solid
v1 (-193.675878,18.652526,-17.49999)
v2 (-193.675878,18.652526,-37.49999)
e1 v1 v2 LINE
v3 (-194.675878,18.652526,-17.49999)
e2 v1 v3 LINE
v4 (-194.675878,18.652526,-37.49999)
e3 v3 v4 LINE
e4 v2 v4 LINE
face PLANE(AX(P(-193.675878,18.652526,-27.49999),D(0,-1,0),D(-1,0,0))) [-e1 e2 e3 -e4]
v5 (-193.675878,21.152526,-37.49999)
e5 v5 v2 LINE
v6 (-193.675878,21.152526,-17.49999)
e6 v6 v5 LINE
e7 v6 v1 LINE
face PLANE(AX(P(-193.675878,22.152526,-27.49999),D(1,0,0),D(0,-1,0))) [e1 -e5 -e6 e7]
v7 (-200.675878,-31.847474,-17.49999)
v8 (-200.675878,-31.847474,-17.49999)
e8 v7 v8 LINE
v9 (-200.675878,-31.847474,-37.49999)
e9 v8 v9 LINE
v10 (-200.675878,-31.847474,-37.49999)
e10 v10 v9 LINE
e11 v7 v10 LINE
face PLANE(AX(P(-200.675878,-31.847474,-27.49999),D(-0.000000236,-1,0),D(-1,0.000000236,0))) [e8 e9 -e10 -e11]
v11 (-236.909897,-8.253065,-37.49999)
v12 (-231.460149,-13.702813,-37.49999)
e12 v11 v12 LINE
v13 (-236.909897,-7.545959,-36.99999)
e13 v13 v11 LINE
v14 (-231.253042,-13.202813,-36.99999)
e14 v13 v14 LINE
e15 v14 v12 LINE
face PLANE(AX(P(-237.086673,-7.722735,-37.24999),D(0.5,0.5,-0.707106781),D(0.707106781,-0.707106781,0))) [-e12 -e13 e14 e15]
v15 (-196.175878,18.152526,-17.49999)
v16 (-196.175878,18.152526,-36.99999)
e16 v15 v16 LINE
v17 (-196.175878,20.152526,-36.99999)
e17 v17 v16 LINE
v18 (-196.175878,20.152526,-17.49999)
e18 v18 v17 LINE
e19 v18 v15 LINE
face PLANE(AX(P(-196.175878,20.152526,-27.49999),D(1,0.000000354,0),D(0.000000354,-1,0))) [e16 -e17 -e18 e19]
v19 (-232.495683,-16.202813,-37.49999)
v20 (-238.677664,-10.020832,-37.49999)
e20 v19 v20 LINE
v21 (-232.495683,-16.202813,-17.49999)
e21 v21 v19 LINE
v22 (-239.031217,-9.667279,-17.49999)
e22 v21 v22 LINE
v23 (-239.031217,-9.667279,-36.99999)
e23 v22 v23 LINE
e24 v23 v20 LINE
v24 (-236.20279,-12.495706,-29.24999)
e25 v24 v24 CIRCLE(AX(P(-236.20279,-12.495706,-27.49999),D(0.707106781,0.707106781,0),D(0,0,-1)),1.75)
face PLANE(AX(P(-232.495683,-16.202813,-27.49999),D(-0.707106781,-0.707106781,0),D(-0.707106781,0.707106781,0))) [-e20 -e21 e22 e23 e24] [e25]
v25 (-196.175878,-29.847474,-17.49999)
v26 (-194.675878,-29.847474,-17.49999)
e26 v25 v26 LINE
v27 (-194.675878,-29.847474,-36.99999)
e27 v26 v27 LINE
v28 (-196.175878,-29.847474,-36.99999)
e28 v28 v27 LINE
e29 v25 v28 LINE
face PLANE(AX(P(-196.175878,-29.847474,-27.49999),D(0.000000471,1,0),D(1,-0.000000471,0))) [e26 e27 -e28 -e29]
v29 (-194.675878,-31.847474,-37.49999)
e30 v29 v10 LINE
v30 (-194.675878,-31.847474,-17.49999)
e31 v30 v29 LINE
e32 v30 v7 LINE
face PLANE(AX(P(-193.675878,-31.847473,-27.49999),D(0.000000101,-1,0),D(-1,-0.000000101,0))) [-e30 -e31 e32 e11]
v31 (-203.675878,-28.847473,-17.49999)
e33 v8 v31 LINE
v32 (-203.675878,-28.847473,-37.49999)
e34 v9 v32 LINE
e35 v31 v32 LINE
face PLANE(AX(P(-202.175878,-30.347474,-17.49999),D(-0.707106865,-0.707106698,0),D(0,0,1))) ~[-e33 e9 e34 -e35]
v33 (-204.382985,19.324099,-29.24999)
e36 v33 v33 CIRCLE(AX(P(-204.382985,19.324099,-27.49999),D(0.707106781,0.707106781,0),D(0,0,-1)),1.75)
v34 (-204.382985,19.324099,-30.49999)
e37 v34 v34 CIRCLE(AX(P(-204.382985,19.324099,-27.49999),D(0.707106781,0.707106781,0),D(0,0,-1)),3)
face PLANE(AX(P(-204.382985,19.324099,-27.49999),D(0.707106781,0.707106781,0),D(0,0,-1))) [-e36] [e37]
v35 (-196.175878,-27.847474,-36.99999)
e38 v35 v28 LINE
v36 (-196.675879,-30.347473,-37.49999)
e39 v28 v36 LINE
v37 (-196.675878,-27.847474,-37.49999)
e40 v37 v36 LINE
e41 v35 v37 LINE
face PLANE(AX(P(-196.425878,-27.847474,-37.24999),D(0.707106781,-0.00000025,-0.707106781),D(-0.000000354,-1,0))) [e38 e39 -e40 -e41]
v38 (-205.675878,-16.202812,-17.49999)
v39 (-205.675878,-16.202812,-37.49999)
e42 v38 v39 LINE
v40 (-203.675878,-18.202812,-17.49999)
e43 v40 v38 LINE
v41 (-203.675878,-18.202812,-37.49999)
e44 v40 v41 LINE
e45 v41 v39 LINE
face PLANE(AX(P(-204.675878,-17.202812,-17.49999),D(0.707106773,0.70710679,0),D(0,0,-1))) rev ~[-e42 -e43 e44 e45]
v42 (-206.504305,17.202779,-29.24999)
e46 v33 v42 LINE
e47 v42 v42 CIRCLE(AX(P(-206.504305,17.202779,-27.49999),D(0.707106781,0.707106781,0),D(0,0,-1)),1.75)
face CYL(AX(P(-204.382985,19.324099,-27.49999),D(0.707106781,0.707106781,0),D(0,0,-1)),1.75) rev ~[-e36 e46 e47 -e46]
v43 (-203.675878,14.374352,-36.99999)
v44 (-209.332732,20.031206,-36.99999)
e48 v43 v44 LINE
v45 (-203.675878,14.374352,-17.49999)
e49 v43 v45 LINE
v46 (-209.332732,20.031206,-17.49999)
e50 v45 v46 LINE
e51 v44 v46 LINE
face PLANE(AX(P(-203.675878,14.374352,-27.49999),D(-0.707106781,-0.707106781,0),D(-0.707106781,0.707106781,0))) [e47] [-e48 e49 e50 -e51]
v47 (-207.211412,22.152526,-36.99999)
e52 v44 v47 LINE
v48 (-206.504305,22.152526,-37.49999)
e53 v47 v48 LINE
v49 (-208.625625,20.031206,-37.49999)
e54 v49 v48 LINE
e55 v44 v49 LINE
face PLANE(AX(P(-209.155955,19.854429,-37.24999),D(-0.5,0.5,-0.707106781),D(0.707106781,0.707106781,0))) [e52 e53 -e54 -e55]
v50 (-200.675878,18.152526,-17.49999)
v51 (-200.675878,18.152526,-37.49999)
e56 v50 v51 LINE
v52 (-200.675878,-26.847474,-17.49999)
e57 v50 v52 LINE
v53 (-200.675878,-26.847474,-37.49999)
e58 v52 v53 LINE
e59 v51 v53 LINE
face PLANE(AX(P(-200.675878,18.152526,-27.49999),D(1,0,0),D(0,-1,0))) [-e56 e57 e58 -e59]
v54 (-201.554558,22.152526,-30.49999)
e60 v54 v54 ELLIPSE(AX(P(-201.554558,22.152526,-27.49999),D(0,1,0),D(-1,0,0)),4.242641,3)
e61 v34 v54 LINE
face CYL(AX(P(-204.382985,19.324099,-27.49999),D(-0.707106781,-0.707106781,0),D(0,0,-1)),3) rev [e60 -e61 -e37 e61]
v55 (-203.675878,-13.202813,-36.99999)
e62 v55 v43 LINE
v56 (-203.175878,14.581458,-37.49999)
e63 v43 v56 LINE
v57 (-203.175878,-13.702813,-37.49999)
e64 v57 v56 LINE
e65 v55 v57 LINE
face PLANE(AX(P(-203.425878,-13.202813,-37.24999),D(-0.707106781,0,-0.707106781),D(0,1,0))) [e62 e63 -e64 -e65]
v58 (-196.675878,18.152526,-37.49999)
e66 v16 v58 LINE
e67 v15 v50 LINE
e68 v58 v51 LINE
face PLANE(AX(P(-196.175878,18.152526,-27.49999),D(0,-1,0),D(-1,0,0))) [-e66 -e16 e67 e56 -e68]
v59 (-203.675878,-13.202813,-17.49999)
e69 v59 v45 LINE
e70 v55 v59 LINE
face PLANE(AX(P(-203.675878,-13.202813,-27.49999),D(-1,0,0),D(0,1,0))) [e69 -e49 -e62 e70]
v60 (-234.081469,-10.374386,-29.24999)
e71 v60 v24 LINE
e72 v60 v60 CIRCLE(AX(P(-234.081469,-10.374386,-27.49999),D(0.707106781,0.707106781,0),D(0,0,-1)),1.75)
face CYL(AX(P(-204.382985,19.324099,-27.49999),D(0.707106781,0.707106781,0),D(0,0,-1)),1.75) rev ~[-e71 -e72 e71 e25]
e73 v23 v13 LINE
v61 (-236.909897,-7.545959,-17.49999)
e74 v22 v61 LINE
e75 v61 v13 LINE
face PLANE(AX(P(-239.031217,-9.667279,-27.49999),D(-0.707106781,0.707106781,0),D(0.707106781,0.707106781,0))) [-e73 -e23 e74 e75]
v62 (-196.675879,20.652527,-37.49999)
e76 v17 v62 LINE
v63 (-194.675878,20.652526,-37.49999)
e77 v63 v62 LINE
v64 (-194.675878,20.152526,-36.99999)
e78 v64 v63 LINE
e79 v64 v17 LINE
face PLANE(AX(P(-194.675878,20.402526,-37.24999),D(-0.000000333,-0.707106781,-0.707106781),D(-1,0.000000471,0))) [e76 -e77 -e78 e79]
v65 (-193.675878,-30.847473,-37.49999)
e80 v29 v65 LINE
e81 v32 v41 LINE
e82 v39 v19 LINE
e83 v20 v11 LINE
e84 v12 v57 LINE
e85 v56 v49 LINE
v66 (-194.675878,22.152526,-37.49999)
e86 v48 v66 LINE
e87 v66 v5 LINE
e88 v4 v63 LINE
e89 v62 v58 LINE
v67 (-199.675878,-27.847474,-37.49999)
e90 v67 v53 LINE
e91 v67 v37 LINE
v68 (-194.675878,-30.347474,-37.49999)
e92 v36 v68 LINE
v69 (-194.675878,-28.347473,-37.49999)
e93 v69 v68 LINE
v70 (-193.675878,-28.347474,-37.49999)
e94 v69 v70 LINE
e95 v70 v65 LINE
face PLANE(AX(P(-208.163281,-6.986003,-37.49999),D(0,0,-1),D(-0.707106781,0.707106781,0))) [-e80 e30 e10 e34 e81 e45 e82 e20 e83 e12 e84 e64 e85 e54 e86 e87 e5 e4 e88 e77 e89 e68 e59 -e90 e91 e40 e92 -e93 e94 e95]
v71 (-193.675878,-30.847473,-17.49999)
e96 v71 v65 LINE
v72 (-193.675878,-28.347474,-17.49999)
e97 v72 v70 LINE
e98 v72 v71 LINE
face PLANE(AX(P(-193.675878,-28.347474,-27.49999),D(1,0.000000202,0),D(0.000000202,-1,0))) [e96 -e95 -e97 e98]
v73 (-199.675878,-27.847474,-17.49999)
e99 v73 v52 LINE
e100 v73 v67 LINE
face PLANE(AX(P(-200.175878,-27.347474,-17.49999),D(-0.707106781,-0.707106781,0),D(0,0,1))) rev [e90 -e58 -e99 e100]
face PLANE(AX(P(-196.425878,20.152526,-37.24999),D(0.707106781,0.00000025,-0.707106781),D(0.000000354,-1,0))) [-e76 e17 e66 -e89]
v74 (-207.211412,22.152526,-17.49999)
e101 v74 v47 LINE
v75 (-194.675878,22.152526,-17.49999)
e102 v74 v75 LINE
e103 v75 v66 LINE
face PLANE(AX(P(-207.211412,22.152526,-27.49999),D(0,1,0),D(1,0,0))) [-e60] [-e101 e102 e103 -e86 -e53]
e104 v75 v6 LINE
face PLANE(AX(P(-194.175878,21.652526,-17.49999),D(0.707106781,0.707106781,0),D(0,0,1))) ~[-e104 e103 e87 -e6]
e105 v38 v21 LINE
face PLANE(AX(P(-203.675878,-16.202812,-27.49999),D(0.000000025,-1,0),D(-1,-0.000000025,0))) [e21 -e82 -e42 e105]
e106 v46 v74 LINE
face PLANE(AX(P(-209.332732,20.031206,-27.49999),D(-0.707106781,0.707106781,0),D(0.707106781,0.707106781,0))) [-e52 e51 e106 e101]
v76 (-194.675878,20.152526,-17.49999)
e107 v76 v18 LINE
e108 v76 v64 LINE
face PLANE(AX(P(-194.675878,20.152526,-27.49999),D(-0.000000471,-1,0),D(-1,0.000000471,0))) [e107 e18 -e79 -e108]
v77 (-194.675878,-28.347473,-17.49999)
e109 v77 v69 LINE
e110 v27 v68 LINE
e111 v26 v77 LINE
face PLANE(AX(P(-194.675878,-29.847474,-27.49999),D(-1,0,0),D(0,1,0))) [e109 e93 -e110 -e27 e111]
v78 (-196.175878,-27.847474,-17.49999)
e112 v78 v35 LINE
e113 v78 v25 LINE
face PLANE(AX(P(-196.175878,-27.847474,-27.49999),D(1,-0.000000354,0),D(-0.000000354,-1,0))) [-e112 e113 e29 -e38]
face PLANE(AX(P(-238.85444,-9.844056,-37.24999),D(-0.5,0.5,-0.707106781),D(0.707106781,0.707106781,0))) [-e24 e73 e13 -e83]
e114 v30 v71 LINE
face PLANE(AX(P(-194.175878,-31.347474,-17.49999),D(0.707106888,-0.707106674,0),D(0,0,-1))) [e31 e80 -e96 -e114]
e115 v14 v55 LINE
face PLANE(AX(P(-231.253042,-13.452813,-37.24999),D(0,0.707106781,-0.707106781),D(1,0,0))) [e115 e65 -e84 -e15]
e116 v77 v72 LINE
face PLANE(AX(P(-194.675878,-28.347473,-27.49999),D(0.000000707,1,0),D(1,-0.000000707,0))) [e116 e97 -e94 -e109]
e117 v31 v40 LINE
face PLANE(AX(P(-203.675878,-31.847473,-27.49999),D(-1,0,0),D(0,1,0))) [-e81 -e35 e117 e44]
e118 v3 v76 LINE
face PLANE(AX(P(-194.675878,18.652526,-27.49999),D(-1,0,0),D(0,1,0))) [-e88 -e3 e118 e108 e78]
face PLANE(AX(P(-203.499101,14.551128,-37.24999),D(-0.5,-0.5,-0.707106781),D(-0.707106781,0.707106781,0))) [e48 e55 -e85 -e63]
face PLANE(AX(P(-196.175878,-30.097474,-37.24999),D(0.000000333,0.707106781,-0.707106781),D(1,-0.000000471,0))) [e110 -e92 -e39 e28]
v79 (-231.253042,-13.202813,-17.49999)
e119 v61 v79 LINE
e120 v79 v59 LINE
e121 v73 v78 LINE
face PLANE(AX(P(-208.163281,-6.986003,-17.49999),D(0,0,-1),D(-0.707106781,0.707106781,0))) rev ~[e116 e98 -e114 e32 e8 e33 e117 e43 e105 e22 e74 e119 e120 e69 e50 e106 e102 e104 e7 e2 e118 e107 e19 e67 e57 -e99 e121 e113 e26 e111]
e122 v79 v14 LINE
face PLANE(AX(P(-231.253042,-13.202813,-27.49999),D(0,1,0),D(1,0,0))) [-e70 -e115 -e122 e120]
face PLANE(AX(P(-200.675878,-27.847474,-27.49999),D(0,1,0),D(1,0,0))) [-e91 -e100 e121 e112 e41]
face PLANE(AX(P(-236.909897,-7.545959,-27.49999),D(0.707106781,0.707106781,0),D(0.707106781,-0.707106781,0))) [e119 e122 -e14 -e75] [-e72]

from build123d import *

# Parameters (mm, degrees)
CYLINDER004_R            = 3
CYLINDER004_DEPTH        = 10
PAD010_DEPTH             = 10
SKETCH036_R              = 1.75
POCKET025_DEPTH          = 45.001
CHAMFER023_1_SIZE        = 3
CHAMFER023_2_SIZE        = 2
CHAMFER023_3_SIZE        = 1
CHAMFER024_SIZE          = 0.5
CLONE007_PITCH_ANGLE     = 90
CLONE007_PLACEMENT_ANGLE = 45


with BuildPart() as boardbracketscrewheadcylinder001:
    # Cylinder004 → Cylinder004 (new body)
    with BuildSketch(Plane(origin=(0, 0.5, 24), x_dir=(1, 0, 0), z_dir=(0, 0, 1))):
        Circle(CYLINDER004_R)
    extrude(amount=CYLINDER004_DEPTH)


with BuildPart() as clone007:
    # Sketch035 → Pad010 (new body, symmetric)
    with BuildSketch(Plane.YZ):
        Polygon((4.5, 21), (4.5, 24), (-0.12132, 28.62132), (-5.071068, 33.571068), (-7.545942, 31.096194), (-6.838835, 30.389087), (-5.778175, 31.449747), (-4.717514, 30.389087), (-6.131728, 28.974874), (-2.949747, 25.792893), (-35.476659, -6.734019), (-38.65864, -3.552038), (-40.072853, -4.966252), (-41.133514, -3.905592), (-40.072853, -2.844931), (-40.77996, -2.137825), (-43.254834, -4.612698), (-38.305087, -9.562446), (-36.183766, -11.683766), (-25.12132, -0.62132), (-4.742641, -21), (4.5, -21), (4.5, -18), (-3.5, -18), (-23, 1.5), (-3.5, 21), align=None)
    extrude(amount=PAD010_DEPTH, both=True)

    # Cut002: cut BoardBracketScrewHeadCylinder001
    add(boardbracketscrewheadcylinder001.part, mode=Mode.SUBTRACT)

    # Sketch036 → Pocket025 (cut, through all)
    with BuildSketch(Plane.XY.offset(24)):
        with Locations((0, 0.5)):
            Circle(SKETCH036_R)
    extrude(amount=-POCKET025_DEPTH, mode=Mode.SUBTRACT)

    # Chamfer023 1
    chamfer023_1_edges = [clone007.edges().sort_by_distance(p)[0] for p in [
        (0, -36.183766, -11.683766),
    ]]
    chamfer(chamfer023_1_edges, length=CHAMFER023_1_SIZE)

    # Chamfer023 2
    chamfer023_2_edges = [clone007.edges().sort_by_distance(p)[0] for p in [
        (0, -25.12132, -0.62132),
    ]]
    chamfer(chamfer023_2_edges, length=CHAMFER023_2_SIZE)

    # Chamfer023 3
    chamfer023_3_edges = [clone007.edges().sort_by_distance(p)[0] for p in [
        (0, -35.476659, -6.734019),
        (0, -43.254834, -4.612698),
        (0, -5.071068, 33.571068),
    ]]
    chamfer(chamfer023_3_edges, length=CHAMFER023_3_SIZE)

    # Chamfer024
    chamfer024_edges = [clone007.edges().sort_by_distance(p)[0] for p in [
        (10, -5.424621, 29.681981),
        (10, -39.365747, -4.259145),
        (10, -5.247845, 30.919417),
        (10, -40.603184, -4.435922),
        (10, 4.5, 22.5),
        (10, 0.5, 21),
        (10, -13.25, 11.25),
        (10, -13.25, -8.25),
        (10, 0.5, -18),
        (10, 4.5, -19.5),
    ]]
    chamfer(chamfer024_edges, length=CHAMFER024_SIZE)


with BuildPart() as clone007_1:
    # Clone007 pitch: moved
    add(clone007.part.rotate(Axis((0, 0, 0), (0, 1, 0)), CLONE007_PITCH_ANGLE))


with BuildPart() as clone007_2:
    # Clone007 placement: moved
    add(clone007_1.part.moved(Location((-220.999994, 1.999983, -27.49999))).rotate(Axis((-220.999994, 1.999983, -27.49999), (0, 0, 1)), CLONE007_PLACEMENT_ANGLE))


solid = clone007_2.part
